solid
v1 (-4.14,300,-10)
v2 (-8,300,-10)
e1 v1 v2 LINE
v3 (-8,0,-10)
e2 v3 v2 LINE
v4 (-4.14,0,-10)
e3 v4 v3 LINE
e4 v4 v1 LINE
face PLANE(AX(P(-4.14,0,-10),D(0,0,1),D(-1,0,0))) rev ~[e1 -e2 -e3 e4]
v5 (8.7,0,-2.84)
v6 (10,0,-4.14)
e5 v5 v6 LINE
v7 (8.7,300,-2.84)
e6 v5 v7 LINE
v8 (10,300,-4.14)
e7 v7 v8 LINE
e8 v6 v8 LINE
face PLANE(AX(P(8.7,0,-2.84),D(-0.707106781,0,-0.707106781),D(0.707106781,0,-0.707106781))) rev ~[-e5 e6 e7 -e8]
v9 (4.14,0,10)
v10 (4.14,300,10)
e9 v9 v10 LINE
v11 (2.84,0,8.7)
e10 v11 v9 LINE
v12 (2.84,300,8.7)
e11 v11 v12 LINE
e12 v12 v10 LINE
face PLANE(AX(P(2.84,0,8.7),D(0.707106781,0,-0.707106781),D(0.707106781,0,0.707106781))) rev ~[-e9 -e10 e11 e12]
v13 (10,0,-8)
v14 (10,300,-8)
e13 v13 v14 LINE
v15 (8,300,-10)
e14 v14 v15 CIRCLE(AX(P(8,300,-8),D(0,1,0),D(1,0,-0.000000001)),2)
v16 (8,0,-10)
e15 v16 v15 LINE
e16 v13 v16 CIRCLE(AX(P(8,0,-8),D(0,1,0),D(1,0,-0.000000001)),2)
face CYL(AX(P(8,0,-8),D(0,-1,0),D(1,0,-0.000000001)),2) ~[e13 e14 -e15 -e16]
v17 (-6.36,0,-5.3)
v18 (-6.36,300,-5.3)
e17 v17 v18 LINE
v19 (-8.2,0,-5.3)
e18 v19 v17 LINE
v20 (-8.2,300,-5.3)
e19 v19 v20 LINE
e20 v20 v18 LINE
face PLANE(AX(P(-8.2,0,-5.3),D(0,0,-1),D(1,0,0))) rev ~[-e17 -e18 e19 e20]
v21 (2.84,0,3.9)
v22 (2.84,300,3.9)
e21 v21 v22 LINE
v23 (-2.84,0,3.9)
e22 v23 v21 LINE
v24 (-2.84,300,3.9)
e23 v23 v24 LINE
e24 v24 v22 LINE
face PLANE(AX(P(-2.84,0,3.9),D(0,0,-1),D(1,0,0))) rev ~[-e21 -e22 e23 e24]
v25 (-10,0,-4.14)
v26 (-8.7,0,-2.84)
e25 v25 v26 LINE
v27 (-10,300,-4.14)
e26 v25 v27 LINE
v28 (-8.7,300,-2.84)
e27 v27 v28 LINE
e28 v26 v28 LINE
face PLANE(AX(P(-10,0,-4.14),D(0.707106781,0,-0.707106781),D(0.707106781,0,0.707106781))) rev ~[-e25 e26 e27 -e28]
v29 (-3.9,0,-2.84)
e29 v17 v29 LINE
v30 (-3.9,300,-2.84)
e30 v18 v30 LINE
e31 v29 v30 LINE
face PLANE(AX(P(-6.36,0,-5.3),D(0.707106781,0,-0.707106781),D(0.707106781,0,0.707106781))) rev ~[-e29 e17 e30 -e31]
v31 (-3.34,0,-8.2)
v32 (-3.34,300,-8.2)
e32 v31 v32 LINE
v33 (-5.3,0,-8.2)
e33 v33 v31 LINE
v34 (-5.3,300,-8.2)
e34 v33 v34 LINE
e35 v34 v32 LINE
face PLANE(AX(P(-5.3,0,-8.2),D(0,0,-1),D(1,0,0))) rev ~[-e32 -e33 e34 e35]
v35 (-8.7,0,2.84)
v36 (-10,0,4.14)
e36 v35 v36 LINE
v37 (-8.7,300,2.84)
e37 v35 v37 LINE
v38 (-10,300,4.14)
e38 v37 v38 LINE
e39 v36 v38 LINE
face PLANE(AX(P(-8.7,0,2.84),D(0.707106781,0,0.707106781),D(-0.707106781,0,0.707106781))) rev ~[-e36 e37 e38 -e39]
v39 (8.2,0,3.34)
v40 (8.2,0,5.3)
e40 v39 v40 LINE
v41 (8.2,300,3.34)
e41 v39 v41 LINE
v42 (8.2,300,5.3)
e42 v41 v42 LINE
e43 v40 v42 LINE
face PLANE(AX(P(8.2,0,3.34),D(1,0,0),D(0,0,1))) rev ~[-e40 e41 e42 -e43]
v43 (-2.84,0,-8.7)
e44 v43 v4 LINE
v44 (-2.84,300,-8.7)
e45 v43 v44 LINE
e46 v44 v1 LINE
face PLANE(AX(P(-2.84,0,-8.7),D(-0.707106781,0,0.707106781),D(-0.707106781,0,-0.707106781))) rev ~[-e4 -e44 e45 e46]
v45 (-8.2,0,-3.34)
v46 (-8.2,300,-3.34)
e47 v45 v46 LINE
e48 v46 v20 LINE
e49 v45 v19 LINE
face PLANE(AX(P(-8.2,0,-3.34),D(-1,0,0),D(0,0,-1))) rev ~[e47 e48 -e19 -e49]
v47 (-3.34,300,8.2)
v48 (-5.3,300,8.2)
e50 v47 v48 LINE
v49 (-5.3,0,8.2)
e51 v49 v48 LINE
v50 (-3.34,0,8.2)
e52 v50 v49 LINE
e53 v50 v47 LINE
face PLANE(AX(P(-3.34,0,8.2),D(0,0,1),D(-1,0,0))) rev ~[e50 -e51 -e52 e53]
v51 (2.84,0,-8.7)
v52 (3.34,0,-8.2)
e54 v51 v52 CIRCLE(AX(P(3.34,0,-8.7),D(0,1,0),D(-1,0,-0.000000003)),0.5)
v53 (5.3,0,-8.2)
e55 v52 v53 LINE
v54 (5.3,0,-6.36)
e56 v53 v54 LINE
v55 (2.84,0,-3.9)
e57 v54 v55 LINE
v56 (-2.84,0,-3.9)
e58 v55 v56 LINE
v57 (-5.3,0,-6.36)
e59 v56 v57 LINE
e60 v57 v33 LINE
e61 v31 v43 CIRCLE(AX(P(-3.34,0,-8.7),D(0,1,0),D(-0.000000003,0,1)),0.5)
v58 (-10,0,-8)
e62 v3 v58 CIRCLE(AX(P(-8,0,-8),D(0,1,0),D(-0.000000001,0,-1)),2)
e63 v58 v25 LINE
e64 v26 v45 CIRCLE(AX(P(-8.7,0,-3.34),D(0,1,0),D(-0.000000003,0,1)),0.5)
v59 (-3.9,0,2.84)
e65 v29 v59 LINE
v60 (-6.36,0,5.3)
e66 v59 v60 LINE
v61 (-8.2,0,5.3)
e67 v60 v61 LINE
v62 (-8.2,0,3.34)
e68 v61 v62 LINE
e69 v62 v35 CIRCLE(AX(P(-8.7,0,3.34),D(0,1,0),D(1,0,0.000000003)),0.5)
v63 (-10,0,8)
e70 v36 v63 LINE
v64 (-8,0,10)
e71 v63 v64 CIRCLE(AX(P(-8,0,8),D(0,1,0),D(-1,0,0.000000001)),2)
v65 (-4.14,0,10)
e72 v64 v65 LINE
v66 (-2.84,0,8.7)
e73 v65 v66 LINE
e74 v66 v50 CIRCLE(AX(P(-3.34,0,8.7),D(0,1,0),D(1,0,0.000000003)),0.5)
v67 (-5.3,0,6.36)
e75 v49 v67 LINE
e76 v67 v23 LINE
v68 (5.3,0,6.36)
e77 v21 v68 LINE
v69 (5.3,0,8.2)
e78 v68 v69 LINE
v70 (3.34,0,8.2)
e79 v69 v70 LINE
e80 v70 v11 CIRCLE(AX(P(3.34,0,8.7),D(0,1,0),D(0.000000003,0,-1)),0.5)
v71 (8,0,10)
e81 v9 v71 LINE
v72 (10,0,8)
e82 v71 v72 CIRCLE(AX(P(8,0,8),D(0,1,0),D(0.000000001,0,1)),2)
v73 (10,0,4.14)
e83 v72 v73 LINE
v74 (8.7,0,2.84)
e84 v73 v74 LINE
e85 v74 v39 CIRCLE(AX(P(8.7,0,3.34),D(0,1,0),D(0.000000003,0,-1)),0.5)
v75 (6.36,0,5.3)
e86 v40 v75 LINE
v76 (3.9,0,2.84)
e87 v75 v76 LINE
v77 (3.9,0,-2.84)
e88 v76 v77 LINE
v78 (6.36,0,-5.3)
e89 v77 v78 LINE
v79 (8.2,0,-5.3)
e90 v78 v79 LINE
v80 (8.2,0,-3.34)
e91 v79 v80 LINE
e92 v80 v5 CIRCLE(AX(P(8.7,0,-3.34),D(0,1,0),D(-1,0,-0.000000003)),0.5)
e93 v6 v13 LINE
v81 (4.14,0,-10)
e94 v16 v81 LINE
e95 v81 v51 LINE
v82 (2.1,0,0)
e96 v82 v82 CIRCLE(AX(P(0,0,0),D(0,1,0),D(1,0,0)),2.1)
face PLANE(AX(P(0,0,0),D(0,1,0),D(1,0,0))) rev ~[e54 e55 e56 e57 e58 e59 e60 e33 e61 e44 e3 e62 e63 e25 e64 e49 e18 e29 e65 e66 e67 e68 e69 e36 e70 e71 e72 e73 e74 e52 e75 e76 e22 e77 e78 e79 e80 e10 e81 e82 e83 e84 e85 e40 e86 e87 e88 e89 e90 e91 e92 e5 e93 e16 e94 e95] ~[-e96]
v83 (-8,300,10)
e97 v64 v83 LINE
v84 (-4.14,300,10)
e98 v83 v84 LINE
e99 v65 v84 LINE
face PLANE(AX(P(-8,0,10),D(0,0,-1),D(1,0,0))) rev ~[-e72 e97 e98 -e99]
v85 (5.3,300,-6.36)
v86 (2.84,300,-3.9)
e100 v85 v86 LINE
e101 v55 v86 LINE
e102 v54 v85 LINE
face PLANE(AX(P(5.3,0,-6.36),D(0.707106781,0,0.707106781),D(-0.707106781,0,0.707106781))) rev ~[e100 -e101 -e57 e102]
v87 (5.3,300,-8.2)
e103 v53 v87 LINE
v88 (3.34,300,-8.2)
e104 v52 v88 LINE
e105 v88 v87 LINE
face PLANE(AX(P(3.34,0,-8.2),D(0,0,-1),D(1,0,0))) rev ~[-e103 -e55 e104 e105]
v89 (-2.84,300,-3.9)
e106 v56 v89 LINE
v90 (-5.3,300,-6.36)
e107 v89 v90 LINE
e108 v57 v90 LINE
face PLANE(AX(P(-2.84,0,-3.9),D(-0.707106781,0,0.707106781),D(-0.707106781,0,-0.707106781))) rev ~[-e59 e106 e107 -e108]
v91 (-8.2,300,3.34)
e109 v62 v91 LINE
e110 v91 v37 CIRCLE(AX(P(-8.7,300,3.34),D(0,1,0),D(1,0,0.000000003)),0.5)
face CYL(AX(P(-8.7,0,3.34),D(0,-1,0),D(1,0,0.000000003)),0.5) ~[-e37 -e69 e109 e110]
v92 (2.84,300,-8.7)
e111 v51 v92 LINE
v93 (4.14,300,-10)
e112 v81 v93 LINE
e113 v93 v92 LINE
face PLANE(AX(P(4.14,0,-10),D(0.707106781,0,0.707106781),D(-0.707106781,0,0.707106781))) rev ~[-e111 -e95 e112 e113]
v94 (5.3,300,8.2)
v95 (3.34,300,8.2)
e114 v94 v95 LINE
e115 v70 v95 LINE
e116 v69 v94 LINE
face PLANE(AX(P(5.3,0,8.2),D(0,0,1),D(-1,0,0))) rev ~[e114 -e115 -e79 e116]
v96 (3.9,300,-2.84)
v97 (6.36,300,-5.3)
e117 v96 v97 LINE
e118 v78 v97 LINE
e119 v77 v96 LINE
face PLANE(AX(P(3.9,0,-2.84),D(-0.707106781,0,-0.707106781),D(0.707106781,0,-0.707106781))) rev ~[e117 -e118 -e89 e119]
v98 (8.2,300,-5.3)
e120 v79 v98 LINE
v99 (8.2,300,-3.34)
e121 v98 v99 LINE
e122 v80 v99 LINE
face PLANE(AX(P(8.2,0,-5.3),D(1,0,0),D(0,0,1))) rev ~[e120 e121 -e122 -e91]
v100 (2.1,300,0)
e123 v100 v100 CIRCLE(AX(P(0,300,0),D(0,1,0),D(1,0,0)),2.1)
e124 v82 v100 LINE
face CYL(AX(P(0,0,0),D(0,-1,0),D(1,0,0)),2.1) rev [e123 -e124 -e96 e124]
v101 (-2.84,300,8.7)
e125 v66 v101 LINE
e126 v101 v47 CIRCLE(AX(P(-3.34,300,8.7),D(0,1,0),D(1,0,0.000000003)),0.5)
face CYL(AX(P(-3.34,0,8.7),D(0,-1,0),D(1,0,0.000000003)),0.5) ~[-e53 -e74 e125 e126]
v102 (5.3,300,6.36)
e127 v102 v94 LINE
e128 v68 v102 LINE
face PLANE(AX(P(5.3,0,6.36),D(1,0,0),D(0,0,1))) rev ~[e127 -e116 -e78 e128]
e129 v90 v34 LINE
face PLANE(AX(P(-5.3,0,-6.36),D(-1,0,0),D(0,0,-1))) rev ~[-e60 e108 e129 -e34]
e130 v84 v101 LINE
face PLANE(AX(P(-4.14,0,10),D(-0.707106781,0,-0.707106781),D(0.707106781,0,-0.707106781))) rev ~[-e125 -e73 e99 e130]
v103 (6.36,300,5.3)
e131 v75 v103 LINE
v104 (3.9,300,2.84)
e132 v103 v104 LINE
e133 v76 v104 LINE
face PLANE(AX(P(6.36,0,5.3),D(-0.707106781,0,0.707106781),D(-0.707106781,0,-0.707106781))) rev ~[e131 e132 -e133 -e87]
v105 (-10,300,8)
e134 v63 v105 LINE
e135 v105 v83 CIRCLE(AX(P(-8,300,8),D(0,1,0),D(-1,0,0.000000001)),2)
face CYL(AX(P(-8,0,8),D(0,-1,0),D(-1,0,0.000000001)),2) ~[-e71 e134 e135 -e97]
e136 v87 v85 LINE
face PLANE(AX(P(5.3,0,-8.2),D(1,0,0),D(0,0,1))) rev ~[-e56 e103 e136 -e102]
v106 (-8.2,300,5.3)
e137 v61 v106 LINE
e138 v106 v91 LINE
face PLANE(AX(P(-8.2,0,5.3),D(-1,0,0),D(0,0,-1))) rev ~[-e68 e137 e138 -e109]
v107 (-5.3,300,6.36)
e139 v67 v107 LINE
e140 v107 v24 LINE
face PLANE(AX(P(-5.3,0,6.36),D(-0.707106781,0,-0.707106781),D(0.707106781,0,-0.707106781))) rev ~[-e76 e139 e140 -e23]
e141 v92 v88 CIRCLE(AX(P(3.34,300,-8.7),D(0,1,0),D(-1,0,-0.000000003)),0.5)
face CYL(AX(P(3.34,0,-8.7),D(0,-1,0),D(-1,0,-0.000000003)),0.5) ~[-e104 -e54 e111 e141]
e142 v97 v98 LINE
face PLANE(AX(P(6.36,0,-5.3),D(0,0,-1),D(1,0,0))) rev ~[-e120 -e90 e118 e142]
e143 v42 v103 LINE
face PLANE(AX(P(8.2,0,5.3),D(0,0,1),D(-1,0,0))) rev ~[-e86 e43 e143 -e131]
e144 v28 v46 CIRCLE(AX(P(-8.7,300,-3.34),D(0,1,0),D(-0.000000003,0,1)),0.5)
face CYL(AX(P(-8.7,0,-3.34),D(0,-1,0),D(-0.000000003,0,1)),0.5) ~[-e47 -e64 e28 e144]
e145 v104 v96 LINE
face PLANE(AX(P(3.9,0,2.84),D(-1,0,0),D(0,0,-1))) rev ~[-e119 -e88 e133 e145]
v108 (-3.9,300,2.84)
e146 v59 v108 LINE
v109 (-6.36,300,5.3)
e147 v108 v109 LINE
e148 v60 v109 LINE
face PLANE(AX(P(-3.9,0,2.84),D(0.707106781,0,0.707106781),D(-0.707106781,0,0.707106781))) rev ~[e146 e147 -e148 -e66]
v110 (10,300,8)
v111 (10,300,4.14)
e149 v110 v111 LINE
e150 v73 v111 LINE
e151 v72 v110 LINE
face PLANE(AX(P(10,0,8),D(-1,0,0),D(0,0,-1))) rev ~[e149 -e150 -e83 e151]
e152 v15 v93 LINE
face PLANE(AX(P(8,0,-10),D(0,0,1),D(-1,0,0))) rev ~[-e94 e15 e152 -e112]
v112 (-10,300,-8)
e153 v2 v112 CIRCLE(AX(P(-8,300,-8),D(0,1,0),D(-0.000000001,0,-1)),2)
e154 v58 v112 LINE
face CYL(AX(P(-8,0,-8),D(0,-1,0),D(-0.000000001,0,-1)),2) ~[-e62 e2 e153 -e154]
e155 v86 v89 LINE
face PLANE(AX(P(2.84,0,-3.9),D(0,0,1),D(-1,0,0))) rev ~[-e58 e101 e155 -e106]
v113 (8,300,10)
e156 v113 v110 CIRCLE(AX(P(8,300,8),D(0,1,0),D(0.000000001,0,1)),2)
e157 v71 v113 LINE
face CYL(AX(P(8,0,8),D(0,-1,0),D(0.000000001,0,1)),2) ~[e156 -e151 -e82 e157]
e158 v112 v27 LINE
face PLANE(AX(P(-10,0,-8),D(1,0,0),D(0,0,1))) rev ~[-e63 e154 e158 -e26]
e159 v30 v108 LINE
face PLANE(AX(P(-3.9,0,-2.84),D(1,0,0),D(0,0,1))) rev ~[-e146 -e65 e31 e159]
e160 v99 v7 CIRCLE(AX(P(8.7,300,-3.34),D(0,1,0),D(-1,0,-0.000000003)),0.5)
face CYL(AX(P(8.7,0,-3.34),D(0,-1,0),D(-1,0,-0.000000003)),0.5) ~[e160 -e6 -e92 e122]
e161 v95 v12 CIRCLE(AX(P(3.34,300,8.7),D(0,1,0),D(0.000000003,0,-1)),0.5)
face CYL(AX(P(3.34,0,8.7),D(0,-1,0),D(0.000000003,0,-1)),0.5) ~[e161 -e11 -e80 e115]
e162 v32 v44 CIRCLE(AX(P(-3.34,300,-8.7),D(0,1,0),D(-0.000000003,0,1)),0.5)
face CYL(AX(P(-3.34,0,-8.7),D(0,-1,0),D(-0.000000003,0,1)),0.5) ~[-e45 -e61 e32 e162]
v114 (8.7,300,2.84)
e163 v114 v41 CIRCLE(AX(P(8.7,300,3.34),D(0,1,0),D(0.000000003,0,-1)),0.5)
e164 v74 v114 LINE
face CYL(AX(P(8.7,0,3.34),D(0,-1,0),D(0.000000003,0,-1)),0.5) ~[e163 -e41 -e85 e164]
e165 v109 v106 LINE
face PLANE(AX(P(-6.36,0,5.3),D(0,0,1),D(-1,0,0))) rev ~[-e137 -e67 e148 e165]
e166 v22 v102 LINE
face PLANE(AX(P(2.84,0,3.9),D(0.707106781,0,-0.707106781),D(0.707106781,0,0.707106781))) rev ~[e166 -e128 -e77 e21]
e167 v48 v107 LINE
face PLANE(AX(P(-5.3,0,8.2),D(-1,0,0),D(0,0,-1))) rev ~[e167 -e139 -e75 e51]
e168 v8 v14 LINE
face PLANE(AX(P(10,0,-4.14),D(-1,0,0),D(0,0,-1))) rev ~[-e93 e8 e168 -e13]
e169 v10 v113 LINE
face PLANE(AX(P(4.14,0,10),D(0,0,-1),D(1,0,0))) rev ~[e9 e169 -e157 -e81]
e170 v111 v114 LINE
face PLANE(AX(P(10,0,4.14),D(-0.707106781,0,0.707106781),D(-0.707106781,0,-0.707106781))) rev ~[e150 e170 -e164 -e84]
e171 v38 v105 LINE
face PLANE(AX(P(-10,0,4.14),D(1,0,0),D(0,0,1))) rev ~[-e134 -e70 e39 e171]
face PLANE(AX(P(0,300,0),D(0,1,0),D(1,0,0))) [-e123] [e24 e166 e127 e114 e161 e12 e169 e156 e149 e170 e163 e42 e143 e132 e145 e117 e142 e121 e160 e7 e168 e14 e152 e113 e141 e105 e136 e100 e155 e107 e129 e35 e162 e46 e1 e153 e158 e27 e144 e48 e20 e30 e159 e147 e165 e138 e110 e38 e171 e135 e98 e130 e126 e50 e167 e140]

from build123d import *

# Parameters (mm, degrees)
CROQUIS1_R              = 2.1
SALIENTE_EXTRUIR2_DEPTH = 300


with BuildPart() as part:
    # Croquis1 → Saliente-Extruir2 (new body)
    with BuildSketch(Plane(origin=(0, 0, 0), x_dir=(1, 0, 0), z_dir=(0, 1, 0))):
        with BuildLine():
            Line((3.9, -2.84), (3.9, 2.84))
            Line((3.9, 2.84), (6.36, 5.3))
            Line((6.36, 5.3), (8.2, 5.3))
            Line((8.2, 5.3), (8.2, 3.34))
            ThreePointArc((8.2, 3.34), (8.346446609, 2.986446609), (8.7, 2.84))
            Line((8.7, 2.84), (10, 4.14))
            Line((10, 4.14), (10, 8))
            ThreePointArc((10, 8), (9.414213562, 9.414213562), (8, 10))
            Line((8, 10), (4.14, 10))
            Line((4.14, 10), (2.84, 8.7))
            ThreePointArc((2.84, 8.7), (2.986446609, 8.346446609), (3.34, 8.2))
            Line((3.34, 8.2), (5.3, 8.2))
            Line((5.3, 8.2), (5.3, 6.36))
            Line((5.3, 6.36), (2.84, 3.9))
            Line((2.84, 3.9), (-2.84, 3.9))
            Line((-2.84, 3.9), (-5.3, 6.36))
            Line((-5.3, 6.36), (-5.3, 8.2))
            Line((-5.3, 8.2), (-3.34, 8.2))
            ThreePointArc((-3.34, 8.2), (-2.986446609, 8.346446609), (-2.84, 8.7))
            Line((-2.84, 8.7), (-4.14, 10))
            Line((-4.14, 10), (-8, 10))
            ThreePointArc((-8, 10), (-9.414213562, 9.414213562), (-10, 8))
            Line((-10, 8), (-10, 4.14))
            Line((-10, 4.14), (-8.7, 2.84))
            ThreePointArc((-8.7, 2.84), (-8.346446609, 2.986446609), (-8.2, 3.34))
            Line((-8.2, 3.34), (-8.2, 5.3))
            Line((-8.2, 5.3), (-6.36, 5.3))
            Line((-6.36, 5.3), (-3.9, 2.84))
            Line((-3.9, 2.84), (-3.9, -2.84))
            Line((-3.9, -2.84), (-6.36, -5.3))
            Line((-6.36, -5.3), (-8.2, -5.3))
            Line((-8.2, -5.3), (-8.2, -3.34))
            ThreePointArc((-8.2, -3.34), (-8.346446609, -2.986446609), (-8.7, -2.84))
            Line((-8.7, -2.84), (-10, -4.14))
            Line((-10, -4.14), (-10, -8))
            ThreePointArc((-10, -8), (-9.414213562, -9.414213562), (-8, -10))
            Line((-8, -10), (-4.14, -10))
            Line((-4.14, -10), (-2.84, -8.7))
            ThreePointArc((-2.84, -8.7), (-2.986446609, -8.346446609), (-3.34, -8.2))
            Line((-3.34, -8.2), (-5.3, -8.2))
            Line((-5.3, -8.2), (-5.3, -6.36))
            Line((-5.3, -6.36), (-2.84, -3.9))
            Line((-2.84, -3.9), (2.84, -3.9))
            Line((2.84, -3.9), (5.3, -6.36))
            Line((5.3, -6.36), (5.3, -8.2))
            Line((5.3, -8.2), (3.34, -8.2))
            ThreePointArc((3.34, -8.2), (2.986446609, -8.346446609), (2.84, -8.7))
            Line((2.84, -8.7), (4.14, -10))
            Line((4.14, -10), (8, -10))
            ThreePointArc((8, -10), (9.414213562, -9.414213562), (10, -8))
            Line((10, -8), (10, -4.14))
            Line((10, -4.14), (8.7, -2.84))
            ThreePointArc((8.7, -2.84), (8.346446609, -2.986446609), (8.2, -3.34))
            Line((8.2, -3.34), (8.2, -5.3))
            Line((8.2, -5.3), (6.36, -5.3))
            Line((6.36, -5.3), (3.9, -2.84))
        make_face()
        Circle(CROQUIS1_R, mode=Mode.SUBTRACT)
    extrude(amount=SALIENTE_EXTRUIR2_DEPTH)


solid = part.part
